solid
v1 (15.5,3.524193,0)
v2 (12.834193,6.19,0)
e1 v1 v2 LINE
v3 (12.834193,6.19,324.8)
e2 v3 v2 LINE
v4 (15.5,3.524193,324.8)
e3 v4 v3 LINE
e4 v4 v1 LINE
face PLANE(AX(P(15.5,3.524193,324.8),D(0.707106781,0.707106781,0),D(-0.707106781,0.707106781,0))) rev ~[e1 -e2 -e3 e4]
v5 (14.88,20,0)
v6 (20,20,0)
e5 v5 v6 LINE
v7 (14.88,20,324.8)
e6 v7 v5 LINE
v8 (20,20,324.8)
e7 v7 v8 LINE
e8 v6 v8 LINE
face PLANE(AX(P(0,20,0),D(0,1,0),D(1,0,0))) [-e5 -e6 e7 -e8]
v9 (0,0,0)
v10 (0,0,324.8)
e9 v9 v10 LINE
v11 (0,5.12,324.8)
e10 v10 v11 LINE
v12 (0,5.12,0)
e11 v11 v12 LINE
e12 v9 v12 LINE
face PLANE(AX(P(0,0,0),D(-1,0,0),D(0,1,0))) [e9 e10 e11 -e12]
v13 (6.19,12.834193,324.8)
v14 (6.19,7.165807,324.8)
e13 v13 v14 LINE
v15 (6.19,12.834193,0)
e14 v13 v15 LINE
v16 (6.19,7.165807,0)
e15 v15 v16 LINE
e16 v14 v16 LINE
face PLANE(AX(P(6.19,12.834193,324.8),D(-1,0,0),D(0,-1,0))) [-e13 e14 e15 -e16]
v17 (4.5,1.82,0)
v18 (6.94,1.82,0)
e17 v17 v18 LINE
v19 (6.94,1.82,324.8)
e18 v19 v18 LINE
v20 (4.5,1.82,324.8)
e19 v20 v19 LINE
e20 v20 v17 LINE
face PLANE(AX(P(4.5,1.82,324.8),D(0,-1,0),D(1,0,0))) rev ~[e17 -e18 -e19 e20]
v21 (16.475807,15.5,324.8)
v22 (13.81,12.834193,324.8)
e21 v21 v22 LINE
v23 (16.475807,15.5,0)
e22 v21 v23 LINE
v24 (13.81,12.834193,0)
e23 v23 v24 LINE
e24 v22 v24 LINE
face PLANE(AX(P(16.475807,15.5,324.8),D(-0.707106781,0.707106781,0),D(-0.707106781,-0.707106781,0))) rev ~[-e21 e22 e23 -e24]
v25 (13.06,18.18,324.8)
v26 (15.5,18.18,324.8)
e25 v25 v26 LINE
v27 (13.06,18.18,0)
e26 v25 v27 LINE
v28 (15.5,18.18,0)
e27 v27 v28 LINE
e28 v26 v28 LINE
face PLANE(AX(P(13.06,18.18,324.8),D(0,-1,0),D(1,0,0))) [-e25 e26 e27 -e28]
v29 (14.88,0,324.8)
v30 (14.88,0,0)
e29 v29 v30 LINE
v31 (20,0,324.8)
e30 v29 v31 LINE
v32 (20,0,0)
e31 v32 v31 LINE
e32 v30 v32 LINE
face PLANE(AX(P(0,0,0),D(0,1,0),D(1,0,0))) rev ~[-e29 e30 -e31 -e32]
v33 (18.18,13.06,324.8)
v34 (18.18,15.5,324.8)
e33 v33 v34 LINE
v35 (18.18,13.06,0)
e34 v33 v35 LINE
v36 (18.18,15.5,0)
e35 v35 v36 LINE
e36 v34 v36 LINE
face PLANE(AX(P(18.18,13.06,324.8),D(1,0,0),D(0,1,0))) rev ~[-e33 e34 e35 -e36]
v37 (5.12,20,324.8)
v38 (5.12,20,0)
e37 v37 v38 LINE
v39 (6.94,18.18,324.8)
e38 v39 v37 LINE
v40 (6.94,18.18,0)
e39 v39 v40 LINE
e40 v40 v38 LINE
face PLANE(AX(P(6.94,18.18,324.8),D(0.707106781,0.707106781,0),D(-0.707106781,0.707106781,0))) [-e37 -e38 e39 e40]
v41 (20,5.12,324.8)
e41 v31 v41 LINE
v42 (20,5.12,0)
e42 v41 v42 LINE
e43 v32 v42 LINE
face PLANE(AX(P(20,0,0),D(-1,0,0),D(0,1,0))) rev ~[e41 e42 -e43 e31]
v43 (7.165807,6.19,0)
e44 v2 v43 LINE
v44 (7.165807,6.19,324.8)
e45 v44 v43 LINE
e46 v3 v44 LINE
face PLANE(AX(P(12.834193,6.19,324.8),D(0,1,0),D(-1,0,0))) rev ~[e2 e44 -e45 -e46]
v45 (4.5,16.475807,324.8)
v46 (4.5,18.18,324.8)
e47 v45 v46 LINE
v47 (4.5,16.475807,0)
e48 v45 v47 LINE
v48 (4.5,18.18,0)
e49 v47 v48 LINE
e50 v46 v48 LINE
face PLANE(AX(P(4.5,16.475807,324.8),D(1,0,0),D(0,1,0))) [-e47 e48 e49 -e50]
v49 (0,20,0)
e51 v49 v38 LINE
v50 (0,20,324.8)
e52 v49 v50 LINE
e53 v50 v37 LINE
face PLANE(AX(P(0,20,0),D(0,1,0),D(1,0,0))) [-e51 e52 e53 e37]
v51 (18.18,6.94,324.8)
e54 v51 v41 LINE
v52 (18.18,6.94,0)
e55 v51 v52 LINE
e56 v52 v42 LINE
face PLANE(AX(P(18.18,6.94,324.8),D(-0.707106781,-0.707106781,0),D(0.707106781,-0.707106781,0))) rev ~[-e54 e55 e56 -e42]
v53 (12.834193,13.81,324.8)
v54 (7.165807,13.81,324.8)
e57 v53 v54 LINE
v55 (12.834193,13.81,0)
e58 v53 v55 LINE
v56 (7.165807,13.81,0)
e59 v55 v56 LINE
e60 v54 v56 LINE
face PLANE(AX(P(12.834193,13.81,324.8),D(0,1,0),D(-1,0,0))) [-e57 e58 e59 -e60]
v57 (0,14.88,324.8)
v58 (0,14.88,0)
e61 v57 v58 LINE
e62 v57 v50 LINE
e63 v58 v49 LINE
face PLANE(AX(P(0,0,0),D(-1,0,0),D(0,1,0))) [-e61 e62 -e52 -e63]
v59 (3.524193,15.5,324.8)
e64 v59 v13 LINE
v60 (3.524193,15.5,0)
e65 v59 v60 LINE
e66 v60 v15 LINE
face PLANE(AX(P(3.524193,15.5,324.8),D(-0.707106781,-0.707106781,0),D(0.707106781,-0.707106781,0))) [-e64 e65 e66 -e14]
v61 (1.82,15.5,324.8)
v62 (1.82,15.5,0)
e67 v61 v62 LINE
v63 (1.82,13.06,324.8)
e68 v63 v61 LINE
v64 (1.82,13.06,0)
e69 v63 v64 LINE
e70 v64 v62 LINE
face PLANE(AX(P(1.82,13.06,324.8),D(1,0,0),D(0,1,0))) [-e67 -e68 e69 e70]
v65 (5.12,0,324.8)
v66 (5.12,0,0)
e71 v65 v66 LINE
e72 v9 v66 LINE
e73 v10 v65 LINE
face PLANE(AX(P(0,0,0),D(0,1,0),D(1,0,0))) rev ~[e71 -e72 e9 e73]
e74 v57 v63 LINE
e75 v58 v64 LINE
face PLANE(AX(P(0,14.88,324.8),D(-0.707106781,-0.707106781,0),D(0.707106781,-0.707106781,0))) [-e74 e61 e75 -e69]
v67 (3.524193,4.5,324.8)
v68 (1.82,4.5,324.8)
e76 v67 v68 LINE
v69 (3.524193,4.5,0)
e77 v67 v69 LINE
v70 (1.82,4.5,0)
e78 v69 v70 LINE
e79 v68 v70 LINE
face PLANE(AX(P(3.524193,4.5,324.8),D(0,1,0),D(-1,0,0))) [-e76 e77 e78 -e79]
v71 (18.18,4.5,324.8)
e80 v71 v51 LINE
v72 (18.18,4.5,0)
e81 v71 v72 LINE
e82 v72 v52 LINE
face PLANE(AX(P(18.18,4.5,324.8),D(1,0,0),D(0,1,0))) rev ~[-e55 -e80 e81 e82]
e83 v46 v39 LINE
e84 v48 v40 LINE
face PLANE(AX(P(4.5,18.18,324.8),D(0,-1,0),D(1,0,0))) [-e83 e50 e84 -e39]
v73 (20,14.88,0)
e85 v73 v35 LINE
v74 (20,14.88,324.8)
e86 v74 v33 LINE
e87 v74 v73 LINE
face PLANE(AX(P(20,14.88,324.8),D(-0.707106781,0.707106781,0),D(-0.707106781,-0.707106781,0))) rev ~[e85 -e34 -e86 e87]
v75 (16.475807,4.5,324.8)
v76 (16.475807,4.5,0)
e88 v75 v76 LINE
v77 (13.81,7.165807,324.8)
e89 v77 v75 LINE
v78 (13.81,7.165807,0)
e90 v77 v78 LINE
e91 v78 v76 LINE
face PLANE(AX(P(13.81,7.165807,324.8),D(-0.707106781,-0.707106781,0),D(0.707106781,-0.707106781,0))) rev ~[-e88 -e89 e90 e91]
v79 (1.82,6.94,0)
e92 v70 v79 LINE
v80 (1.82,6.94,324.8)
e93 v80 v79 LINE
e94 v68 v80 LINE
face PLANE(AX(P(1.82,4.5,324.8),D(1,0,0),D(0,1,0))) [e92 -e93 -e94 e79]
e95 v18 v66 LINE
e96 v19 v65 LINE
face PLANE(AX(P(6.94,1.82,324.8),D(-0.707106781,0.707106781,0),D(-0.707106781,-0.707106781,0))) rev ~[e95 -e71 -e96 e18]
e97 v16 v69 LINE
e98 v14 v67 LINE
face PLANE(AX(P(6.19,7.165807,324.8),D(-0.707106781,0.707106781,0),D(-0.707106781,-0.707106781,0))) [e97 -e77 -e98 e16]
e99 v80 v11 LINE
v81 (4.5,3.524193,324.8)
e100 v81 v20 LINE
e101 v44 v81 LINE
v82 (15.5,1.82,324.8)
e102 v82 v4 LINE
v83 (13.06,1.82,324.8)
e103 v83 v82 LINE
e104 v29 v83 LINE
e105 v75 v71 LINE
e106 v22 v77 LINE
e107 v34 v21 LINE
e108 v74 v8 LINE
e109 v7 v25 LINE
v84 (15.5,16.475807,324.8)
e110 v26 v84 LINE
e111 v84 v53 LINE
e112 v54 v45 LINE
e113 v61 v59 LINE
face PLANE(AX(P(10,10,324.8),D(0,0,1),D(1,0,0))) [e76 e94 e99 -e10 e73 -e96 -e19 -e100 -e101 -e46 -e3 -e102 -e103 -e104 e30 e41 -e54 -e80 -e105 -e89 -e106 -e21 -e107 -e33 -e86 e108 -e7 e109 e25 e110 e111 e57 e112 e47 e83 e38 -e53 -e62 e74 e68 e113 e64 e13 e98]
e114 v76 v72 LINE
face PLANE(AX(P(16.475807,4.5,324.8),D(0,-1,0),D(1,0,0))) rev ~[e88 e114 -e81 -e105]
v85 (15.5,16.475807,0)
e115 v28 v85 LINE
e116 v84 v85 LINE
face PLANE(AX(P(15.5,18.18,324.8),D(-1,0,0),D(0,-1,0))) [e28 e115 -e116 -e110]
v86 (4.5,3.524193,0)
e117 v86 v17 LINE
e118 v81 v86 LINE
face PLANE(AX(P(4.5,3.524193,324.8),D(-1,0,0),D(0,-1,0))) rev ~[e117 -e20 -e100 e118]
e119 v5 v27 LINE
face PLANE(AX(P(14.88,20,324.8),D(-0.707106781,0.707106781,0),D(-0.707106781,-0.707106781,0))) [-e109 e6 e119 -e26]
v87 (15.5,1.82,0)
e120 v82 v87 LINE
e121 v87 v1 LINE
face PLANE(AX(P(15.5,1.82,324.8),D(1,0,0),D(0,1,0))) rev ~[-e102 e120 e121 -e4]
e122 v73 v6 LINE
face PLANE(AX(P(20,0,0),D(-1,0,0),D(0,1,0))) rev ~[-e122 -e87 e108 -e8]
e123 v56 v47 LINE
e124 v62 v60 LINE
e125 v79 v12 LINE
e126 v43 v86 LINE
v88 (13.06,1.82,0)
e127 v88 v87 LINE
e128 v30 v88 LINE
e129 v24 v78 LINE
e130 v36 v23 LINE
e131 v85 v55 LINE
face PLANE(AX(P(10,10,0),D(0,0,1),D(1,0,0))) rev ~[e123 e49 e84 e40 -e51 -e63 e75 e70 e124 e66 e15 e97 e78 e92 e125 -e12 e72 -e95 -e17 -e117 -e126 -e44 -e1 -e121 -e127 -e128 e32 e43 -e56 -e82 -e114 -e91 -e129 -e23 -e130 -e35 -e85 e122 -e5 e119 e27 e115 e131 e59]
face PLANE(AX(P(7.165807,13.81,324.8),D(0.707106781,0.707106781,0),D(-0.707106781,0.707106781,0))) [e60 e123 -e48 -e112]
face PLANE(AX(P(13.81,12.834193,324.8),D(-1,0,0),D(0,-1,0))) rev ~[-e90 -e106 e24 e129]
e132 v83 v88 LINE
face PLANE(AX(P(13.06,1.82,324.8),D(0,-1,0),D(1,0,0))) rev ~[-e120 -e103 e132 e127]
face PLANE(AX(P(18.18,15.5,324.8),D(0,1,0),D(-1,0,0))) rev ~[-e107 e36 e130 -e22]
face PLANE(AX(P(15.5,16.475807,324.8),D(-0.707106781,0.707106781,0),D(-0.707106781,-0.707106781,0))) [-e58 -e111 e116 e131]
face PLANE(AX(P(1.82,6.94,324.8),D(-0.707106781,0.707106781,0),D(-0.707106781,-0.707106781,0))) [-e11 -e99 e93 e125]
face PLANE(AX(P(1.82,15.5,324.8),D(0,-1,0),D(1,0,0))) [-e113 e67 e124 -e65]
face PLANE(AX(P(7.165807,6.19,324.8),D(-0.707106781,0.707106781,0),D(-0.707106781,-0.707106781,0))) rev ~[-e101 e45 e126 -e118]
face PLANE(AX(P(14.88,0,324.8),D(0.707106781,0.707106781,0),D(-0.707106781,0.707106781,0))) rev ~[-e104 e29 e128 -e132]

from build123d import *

# Parameters (mm, degrees)
SKETCH1_W           = 20
SKETCH1_H           = 20
BOSS_EXTRUDE1_DEPTH = 324.8
CUT_EXTRUDE1_DEPTH  = 325.8


with BuildPart() as part:
    # Sketch1 → Boss-Extrude1 (new body)
    with BuildSketch(Plane.XY):
        with Locations((10, 10)):
            Rectangle(SKETCH1_W, SKETCH1_H)
    extrude(amount=BOSS_EXTRUDE1_DEPTH)

    # Sketch2 → Cut-Extrude1 (cut, through all)
    with BuildSketch(Plane.XY.offset(324.8)):
        Polygon((4.5, 18.18), (6.94, 18.18), (5.12, 20), (14.88, 20), (13.06, 18.18), (15.5, 18.18), (15.5, 16.475807358), (12.834192642, 13.81), (7.165807358, 13.81), (4.5, 16.475807358), align=None)
        Polygon((14.88, 0), (13.06, 1.82), (15.5, 1.82), (15.5, 3.524192642), (12.834192642, 6.19), (7.165807358, 6.19), (4.5, 3.524192642), (4.5, 1.82), (6.94, 1.82), (5.12, 0), align=None)
        Polygon((1.82, 4.5), (1.82, 6.94), (0, 5.12), (0, 14.88), (1.82, 13.06), (1.82, 15.5), (3.524192642, 15.5), (6.19, 12.834192642), (6.19, 7.165807358), (3.524192642, 4.5), align=None)
        Polygon((20, 14.88), (18.18, 13.06), (18.18, 15.5), (16.475807358, 15.5), (13.81, 12.834192642), (13.81, 7.165807358), (16.475807358, 4.5), (18.18, 4.5), (18.18, 6.94), (20, 5.12), align=None)
    extrude(amount=-CUT_EXTRUDE1_DEPTH, mode=Mode.SUBTRACT)


solid = part.part
